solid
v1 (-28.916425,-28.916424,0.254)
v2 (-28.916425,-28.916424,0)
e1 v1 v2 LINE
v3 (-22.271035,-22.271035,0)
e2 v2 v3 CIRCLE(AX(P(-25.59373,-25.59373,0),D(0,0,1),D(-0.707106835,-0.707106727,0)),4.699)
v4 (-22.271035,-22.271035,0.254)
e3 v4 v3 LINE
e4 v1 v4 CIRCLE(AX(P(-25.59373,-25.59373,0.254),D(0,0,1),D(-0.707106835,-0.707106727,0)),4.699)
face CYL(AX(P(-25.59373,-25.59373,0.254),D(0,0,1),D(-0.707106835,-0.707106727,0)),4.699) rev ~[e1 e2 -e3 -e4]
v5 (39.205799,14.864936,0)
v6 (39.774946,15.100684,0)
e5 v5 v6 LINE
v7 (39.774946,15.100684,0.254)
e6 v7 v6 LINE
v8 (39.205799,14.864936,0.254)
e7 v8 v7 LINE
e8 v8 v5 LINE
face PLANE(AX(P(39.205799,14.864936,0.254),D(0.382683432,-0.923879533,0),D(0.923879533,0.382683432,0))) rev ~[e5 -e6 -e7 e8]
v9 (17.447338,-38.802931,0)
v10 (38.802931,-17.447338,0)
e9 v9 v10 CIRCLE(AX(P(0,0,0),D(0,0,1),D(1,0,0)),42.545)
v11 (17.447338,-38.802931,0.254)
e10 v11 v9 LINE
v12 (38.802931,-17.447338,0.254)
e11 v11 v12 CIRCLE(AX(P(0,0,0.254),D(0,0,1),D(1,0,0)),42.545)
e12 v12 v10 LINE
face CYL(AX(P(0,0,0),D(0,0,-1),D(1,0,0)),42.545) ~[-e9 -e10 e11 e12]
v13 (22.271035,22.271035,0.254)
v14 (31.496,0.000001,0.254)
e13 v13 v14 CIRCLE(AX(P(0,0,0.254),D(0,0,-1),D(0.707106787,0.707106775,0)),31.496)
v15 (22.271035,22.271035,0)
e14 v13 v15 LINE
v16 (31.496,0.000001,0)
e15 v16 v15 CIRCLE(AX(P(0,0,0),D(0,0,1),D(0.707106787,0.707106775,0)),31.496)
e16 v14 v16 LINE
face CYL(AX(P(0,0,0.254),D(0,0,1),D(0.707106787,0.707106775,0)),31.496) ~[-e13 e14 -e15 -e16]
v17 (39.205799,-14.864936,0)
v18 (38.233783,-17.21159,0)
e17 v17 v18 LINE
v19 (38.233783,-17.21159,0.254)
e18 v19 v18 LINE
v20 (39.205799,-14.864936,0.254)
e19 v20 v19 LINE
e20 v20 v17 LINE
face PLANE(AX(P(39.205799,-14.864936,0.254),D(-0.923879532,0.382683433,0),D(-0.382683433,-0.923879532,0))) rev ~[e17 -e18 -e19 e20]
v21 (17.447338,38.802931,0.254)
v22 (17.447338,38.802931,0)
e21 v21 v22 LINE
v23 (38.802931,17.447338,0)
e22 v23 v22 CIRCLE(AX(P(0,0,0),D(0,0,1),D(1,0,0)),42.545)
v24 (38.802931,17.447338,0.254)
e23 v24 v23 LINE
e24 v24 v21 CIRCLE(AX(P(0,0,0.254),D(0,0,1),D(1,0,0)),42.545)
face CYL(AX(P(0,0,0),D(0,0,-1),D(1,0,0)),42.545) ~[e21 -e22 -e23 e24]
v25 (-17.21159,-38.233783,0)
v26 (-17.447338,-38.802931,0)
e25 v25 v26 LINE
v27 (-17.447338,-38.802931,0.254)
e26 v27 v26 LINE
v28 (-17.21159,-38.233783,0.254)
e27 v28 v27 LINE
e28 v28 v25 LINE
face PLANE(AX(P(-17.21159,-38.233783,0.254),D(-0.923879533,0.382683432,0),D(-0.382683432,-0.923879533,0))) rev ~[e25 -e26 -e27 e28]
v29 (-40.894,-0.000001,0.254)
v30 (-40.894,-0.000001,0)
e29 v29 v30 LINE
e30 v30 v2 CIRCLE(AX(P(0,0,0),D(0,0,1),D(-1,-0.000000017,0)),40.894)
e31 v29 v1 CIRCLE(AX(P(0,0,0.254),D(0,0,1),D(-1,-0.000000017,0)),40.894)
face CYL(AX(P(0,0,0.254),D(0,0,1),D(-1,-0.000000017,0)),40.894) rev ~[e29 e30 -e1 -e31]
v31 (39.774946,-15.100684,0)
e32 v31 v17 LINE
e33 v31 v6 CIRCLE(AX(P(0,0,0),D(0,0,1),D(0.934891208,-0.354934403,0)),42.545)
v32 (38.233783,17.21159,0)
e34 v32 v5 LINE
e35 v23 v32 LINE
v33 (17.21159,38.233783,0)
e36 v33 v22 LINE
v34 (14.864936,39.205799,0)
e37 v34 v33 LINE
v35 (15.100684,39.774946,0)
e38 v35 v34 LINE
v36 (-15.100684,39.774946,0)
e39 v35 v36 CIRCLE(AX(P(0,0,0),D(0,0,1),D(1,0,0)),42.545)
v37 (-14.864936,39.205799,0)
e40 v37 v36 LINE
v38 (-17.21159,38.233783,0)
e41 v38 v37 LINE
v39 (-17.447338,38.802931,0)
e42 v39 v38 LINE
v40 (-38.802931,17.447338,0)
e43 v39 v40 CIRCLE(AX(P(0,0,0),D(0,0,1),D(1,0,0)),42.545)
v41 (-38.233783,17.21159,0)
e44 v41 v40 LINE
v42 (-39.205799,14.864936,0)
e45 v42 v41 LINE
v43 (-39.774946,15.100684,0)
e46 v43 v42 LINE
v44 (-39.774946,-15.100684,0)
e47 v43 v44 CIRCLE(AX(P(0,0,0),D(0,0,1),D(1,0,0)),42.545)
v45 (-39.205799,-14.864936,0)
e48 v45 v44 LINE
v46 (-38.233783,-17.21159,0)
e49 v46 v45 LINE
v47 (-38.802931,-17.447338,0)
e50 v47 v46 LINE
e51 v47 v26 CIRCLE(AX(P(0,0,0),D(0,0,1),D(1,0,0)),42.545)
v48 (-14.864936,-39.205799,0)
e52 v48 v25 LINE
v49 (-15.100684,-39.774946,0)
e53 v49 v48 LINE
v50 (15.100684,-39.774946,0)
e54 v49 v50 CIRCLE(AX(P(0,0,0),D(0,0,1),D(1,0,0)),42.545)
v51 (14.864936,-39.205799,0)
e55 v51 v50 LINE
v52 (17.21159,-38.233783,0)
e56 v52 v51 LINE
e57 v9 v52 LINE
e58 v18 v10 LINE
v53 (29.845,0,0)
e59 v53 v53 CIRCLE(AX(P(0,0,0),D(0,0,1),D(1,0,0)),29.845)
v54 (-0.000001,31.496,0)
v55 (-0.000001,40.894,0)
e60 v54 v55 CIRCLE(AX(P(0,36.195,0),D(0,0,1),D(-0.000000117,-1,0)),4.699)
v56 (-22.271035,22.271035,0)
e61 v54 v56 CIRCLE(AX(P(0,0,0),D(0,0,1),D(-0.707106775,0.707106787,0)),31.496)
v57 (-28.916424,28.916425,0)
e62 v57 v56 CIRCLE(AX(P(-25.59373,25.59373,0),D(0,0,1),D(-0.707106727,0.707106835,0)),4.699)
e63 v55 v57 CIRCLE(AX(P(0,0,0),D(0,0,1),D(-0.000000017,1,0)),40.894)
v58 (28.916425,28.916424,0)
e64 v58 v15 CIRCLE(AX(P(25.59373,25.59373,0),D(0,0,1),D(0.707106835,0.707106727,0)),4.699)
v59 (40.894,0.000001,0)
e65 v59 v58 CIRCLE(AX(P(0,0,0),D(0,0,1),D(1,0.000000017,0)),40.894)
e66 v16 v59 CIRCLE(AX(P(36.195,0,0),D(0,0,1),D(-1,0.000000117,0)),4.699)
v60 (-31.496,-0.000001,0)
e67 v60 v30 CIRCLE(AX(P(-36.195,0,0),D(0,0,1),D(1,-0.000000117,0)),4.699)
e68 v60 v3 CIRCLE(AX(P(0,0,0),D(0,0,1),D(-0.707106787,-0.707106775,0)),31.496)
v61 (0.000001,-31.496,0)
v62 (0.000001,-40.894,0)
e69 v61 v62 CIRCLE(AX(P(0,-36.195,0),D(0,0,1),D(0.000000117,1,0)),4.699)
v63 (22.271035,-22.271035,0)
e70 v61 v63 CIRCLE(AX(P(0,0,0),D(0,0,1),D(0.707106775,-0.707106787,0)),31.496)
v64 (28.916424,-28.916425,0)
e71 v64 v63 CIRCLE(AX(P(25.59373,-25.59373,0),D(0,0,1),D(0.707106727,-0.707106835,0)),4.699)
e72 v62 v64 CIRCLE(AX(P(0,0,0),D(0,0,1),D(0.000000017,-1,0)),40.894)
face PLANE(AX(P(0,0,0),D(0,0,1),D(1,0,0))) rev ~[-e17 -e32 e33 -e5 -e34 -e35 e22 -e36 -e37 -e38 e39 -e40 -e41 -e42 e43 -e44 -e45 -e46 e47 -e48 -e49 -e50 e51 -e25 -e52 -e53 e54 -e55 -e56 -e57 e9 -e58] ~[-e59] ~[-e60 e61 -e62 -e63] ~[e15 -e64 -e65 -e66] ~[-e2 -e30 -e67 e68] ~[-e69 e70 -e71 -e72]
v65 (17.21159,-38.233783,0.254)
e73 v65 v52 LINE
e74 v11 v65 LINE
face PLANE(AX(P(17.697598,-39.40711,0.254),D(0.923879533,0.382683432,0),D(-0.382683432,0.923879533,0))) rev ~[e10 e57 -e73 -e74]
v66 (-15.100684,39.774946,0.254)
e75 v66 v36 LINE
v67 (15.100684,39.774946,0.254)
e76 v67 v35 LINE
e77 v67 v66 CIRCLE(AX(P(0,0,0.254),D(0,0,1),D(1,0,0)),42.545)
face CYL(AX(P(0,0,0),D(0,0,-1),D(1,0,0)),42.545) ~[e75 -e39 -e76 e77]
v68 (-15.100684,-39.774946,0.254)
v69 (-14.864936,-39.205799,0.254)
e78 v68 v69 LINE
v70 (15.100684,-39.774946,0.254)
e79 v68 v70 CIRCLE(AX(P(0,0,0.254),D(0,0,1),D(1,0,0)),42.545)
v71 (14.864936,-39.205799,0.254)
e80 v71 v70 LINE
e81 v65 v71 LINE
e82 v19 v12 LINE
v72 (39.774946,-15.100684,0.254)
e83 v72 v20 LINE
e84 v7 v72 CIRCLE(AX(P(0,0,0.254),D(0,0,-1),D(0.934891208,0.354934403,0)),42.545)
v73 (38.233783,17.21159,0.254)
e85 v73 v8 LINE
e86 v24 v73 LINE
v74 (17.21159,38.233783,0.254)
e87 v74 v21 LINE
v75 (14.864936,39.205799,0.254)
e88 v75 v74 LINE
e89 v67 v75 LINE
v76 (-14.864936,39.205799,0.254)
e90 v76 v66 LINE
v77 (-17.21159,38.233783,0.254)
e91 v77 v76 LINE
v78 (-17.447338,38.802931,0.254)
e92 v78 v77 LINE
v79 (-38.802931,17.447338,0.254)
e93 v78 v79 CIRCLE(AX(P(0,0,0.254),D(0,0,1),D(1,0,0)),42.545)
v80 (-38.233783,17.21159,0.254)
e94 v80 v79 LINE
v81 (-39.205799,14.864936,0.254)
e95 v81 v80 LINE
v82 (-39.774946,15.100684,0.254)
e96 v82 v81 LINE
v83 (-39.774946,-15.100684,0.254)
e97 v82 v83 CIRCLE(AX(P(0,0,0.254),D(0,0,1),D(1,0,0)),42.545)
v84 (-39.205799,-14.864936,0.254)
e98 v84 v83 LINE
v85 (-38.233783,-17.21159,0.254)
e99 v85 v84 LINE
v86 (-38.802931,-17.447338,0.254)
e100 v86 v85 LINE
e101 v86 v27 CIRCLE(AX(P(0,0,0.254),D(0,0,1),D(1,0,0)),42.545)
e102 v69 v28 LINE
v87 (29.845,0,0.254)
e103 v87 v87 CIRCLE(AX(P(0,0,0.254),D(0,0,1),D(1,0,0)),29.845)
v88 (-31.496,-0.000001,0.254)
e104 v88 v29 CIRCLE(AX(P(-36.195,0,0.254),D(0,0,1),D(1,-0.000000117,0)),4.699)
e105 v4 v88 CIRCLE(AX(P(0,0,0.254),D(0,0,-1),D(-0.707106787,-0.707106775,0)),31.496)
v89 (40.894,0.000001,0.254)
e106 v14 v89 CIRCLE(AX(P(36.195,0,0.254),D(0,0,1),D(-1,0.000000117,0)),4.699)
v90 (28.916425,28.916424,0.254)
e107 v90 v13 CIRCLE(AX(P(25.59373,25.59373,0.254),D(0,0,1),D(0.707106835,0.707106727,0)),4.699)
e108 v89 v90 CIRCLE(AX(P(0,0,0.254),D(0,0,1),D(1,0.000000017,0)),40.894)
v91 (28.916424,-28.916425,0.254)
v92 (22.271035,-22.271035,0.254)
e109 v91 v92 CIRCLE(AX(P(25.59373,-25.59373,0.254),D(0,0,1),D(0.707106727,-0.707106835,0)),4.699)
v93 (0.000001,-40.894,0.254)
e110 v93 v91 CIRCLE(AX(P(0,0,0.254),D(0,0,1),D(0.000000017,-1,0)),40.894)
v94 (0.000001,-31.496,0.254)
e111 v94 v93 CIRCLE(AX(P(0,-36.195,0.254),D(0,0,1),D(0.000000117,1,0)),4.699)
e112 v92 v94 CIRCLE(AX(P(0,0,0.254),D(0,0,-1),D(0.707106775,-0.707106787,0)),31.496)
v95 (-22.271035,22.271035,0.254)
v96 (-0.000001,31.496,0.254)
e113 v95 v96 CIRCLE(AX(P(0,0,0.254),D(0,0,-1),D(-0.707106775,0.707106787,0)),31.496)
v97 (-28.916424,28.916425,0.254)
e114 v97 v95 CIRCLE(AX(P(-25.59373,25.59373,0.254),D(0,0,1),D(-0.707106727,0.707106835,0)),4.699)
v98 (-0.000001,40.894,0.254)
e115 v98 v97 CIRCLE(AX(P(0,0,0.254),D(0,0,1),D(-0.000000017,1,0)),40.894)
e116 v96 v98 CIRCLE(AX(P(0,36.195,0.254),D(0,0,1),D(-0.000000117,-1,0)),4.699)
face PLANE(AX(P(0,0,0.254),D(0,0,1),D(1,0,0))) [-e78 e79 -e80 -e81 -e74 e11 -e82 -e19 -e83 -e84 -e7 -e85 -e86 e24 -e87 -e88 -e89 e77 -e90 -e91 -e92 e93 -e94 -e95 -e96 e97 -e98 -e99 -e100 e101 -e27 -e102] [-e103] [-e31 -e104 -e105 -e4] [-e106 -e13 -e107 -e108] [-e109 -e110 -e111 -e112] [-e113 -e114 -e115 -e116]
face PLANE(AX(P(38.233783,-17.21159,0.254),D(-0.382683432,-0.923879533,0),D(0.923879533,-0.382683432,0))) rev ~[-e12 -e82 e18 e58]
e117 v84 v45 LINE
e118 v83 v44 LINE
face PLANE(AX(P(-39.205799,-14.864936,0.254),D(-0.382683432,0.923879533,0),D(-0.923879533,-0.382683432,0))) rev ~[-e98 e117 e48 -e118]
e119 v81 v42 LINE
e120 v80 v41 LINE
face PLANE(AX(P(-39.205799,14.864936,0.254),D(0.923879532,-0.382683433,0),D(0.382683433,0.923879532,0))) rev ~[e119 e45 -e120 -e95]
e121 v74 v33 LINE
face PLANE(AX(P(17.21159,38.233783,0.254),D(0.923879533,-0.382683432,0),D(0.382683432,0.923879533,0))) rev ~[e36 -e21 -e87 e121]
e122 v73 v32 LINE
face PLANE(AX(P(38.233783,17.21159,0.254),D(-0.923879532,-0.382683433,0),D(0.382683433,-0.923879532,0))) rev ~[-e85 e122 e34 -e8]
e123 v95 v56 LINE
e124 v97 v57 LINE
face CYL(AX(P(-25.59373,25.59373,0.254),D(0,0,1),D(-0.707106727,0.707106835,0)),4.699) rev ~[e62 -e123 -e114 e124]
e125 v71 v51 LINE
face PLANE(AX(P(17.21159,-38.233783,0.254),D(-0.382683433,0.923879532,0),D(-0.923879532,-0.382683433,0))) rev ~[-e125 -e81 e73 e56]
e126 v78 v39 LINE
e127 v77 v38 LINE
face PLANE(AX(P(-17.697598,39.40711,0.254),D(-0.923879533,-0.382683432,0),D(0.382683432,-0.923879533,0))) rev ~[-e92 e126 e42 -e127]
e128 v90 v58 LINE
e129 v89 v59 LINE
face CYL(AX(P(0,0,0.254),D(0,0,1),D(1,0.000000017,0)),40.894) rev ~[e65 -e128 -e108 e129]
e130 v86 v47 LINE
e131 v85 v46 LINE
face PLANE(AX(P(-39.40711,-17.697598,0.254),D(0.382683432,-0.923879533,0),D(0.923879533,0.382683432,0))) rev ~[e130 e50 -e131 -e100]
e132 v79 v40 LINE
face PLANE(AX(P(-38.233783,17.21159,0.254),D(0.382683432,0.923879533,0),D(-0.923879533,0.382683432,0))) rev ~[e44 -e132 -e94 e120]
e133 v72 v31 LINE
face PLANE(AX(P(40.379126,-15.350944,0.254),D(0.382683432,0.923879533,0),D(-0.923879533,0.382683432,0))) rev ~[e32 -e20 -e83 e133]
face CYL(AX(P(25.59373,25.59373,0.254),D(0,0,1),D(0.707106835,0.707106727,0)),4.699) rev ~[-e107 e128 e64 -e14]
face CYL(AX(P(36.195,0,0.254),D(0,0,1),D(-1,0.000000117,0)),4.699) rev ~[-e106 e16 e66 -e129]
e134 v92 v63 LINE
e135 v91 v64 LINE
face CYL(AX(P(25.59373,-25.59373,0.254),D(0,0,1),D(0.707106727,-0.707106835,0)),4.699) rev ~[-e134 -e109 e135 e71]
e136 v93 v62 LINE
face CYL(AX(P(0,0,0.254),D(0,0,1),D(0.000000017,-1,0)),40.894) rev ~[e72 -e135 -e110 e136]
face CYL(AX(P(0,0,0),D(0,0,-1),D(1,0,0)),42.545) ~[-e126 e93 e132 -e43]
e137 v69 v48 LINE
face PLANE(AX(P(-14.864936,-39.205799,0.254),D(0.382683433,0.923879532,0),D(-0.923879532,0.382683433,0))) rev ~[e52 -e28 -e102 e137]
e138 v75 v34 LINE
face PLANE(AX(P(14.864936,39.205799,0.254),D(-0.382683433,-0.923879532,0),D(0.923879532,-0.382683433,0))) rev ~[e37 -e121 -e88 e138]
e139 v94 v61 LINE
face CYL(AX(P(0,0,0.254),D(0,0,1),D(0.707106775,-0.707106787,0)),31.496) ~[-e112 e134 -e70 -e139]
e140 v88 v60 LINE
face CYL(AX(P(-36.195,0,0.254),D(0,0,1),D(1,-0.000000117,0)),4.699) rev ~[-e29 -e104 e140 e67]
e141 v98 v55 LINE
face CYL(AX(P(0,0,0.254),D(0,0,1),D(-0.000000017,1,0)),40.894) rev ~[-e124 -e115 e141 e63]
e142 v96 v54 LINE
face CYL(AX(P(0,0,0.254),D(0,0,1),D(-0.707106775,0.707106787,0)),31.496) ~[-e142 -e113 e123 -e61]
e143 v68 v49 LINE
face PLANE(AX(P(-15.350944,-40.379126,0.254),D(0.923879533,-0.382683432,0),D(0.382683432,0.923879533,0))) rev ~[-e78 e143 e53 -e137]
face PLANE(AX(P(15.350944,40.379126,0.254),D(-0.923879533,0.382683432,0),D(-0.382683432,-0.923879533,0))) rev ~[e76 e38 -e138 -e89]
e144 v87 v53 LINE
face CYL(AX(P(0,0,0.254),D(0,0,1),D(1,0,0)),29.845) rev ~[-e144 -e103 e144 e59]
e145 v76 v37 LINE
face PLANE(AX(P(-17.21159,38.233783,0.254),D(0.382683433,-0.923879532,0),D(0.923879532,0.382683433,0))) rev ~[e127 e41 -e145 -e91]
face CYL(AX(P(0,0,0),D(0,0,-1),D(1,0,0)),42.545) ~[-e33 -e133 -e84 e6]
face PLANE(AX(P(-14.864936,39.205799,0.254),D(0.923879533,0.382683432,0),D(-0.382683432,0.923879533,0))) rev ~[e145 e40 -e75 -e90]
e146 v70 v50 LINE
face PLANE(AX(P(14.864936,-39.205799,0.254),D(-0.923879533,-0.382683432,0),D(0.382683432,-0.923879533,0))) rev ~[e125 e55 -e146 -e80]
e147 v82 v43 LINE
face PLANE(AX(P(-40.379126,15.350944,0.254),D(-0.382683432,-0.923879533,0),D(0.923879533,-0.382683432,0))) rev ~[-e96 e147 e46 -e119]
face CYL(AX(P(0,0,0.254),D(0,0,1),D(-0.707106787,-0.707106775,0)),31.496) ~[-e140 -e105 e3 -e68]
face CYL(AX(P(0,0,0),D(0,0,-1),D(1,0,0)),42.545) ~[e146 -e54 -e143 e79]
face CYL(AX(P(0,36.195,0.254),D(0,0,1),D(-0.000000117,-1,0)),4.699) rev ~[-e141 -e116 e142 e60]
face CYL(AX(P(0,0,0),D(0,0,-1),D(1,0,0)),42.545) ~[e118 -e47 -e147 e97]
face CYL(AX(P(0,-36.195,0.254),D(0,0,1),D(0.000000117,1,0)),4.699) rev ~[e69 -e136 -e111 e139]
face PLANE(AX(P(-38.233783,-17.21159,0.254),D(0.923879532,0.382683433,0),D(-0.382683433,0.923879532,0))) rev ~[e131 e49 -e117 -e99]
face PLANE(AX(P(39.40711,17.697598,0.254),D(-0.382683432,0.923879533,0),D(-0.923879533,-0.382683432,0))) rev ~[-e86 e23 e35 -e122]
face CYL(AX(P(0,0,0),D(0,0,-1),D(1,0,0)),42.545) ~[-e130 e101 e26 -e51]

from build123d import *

# Parameters (mm, degrees)
SKETCH4_R           = 42.545
BOSS_EXTRUDE2_DEPTH = 0.254
SKETCH5_R           = 29.845
CUT_EXTRUDE5_DEPTH  = 1.254
CUT_EXTRUDE6_DEPTH  = 1.254
CUT_EXTRUDE11_DEPTH = 1.254


with BuildPart() as part:
    # Sketch4 → Boss-Extrude2 (new body)
    with BuildSketch(Plane.XY):
        Circle(SKETCH4_R)
    extrude(amount=BOSS_EXTRUDE2_DEPTH)

    # Sketch5 → Cut-Extrude5 (cut, through all)
    with BuildSketch(Plane.XY.offset(0.254)):
        Circle(SKETCH5_R)
    extrude(amount=-CUT_EXTRUDE5_DEPTH, mode=Mode.SUBTRACT)

    # Sketch6 → Cut-Extrude6 (cut, through all)
    with BuildSketch(Plane.XY.offset(0.254)):
        with BuildLine():
            ThreePointArc((28.916424965, 28.916424455), (22.27103521, 28.916424739), (22.271035377, 22.271034984))
            ThreePointArc((22.271035377, 22.271034984), (29.098509704, 12.052997511), (31.496, 5.5e-07))
            ThreePointArc((31.496, 5.5e-07), (36.195000082, -4.699), (40.894, 7.14e-07))
            ThreePointArc((40.894, 7.14e-07), (37.781129535, 15.649456446), (28.916424965, 28.916424455))
        make_face()
        with BuildLine():
            ThreePointArc((28.916424455, -28.916424965), (28.916424739, -22.27103521), (22.271034984, -22.271035377))
            ThreePointArc((22.271034984, -22.271035377), (12.052997511, -29.098509704), (5.5e-07, -31.496))
            ThreePointArc((5.5e-07, -31.496), (-4.699, -36.195000082), (7.14e-07, -40.894))
            ThreePointArc((7.14e-07, -40.894), (15.649456446, -37.781129535), (28.916424455, -28.916424965))
        make_face()
        with BuildLine():
            ThreePointArc((-28.916424965, -28.916424455), (-22.27103521, -28.916424739), (-22.271035377, -22.271034984))
            ThreePointArc((-22.271035377, -22.271034984), (-29.098509704, -12.052997511), (-31.496, -5.5e-07))
            ThreePointArc((-31.496, -5.5e-07), (-36.195000082, 4.699), (-40.894, -7.14e-07))
            ThreePointArc((-40.894, -7.14e-07), (-37.781129535, -15.649456446), (-28.916424965, -28.916424455))
        make_face()
        with BuildLine():
            ThreePointArc((-28.916424455, 28.916424965), (-28.916424739, 22.27103521), (-22.271034984, 22.271035377))
            ThreePointArc((-22.271034984, 22.271035377), (-12.052997511, 29.098509704), (-5.5e-07, 31.496))
            ThreePointArc((-5.5e-07, 31.496), (4.699, 36.195000082), (-7.14e-07, 40.894))
            ThreePointArc((-7.14e-07, 40.894), (-15.649456446, 37.781129535), (-28.916424455, 28.916424965))
        make_face()
    extrude(amount=-CUT_EXTRUDE6_DEPTH, mode=Mode.SUBTRACT)

    # Sketch8 → Cut-Extrude11 (cut, through all)
    with BuildSketch(Plane.XY.offset(0.254)):
        Polygon((40.379126173, 15.350943603), (39.407110255, 17.697597616), (38.233783248, 17.211589657), (39.205799167, 14.864935644), align=None)
        Polygon((-15.350943603, 40.379126173), (-17.697597616, 39.407110255), (-17.211589657, 38.233783248), (-14.864935644, 39.205799167), align=None)
        Polygon((-39.407110255, 17.697597616), (-40.379126173, 15.350943603), (-39.205799167, 14.864935644), (-38.233783248, 17.211589657), align=None)
        Polygon((-40.379126173, -15.350943603), (-39.407110255, -17.697597616), (-38.233783248, -17.211589657), (-39.205799167, -14.864935644), align=None)
        Polygon((-17.697597616, -39.407110255), (-15.350943603, -40.379126173), (-14.864935644, -39.205799167), (-17.211589657, -38.233783248), align=None)
        Polygon((15.350943603, -40.379126173), (17.697597616, -39.407110255), (17.211589657, -38.233783248), (14.864935644, -39.205799167), align=None)
        Polygon((39.407110255, -17.697597616), (40.379126173, -15.350943603), (39.205799167, -14.864935644), (38.233783248, -17.211589657), align=None)
        Polygon((17.697597616, 39.407110255), (15.350943603, 40.379126173), (14.864935644, 39.205799167), (17.211589657, 38.233783248), align=None)
    extrude(amount=-CUT_EXTRUDE11_DEPTH, mode=Mode.SUBTRACT)


solid = part.part
